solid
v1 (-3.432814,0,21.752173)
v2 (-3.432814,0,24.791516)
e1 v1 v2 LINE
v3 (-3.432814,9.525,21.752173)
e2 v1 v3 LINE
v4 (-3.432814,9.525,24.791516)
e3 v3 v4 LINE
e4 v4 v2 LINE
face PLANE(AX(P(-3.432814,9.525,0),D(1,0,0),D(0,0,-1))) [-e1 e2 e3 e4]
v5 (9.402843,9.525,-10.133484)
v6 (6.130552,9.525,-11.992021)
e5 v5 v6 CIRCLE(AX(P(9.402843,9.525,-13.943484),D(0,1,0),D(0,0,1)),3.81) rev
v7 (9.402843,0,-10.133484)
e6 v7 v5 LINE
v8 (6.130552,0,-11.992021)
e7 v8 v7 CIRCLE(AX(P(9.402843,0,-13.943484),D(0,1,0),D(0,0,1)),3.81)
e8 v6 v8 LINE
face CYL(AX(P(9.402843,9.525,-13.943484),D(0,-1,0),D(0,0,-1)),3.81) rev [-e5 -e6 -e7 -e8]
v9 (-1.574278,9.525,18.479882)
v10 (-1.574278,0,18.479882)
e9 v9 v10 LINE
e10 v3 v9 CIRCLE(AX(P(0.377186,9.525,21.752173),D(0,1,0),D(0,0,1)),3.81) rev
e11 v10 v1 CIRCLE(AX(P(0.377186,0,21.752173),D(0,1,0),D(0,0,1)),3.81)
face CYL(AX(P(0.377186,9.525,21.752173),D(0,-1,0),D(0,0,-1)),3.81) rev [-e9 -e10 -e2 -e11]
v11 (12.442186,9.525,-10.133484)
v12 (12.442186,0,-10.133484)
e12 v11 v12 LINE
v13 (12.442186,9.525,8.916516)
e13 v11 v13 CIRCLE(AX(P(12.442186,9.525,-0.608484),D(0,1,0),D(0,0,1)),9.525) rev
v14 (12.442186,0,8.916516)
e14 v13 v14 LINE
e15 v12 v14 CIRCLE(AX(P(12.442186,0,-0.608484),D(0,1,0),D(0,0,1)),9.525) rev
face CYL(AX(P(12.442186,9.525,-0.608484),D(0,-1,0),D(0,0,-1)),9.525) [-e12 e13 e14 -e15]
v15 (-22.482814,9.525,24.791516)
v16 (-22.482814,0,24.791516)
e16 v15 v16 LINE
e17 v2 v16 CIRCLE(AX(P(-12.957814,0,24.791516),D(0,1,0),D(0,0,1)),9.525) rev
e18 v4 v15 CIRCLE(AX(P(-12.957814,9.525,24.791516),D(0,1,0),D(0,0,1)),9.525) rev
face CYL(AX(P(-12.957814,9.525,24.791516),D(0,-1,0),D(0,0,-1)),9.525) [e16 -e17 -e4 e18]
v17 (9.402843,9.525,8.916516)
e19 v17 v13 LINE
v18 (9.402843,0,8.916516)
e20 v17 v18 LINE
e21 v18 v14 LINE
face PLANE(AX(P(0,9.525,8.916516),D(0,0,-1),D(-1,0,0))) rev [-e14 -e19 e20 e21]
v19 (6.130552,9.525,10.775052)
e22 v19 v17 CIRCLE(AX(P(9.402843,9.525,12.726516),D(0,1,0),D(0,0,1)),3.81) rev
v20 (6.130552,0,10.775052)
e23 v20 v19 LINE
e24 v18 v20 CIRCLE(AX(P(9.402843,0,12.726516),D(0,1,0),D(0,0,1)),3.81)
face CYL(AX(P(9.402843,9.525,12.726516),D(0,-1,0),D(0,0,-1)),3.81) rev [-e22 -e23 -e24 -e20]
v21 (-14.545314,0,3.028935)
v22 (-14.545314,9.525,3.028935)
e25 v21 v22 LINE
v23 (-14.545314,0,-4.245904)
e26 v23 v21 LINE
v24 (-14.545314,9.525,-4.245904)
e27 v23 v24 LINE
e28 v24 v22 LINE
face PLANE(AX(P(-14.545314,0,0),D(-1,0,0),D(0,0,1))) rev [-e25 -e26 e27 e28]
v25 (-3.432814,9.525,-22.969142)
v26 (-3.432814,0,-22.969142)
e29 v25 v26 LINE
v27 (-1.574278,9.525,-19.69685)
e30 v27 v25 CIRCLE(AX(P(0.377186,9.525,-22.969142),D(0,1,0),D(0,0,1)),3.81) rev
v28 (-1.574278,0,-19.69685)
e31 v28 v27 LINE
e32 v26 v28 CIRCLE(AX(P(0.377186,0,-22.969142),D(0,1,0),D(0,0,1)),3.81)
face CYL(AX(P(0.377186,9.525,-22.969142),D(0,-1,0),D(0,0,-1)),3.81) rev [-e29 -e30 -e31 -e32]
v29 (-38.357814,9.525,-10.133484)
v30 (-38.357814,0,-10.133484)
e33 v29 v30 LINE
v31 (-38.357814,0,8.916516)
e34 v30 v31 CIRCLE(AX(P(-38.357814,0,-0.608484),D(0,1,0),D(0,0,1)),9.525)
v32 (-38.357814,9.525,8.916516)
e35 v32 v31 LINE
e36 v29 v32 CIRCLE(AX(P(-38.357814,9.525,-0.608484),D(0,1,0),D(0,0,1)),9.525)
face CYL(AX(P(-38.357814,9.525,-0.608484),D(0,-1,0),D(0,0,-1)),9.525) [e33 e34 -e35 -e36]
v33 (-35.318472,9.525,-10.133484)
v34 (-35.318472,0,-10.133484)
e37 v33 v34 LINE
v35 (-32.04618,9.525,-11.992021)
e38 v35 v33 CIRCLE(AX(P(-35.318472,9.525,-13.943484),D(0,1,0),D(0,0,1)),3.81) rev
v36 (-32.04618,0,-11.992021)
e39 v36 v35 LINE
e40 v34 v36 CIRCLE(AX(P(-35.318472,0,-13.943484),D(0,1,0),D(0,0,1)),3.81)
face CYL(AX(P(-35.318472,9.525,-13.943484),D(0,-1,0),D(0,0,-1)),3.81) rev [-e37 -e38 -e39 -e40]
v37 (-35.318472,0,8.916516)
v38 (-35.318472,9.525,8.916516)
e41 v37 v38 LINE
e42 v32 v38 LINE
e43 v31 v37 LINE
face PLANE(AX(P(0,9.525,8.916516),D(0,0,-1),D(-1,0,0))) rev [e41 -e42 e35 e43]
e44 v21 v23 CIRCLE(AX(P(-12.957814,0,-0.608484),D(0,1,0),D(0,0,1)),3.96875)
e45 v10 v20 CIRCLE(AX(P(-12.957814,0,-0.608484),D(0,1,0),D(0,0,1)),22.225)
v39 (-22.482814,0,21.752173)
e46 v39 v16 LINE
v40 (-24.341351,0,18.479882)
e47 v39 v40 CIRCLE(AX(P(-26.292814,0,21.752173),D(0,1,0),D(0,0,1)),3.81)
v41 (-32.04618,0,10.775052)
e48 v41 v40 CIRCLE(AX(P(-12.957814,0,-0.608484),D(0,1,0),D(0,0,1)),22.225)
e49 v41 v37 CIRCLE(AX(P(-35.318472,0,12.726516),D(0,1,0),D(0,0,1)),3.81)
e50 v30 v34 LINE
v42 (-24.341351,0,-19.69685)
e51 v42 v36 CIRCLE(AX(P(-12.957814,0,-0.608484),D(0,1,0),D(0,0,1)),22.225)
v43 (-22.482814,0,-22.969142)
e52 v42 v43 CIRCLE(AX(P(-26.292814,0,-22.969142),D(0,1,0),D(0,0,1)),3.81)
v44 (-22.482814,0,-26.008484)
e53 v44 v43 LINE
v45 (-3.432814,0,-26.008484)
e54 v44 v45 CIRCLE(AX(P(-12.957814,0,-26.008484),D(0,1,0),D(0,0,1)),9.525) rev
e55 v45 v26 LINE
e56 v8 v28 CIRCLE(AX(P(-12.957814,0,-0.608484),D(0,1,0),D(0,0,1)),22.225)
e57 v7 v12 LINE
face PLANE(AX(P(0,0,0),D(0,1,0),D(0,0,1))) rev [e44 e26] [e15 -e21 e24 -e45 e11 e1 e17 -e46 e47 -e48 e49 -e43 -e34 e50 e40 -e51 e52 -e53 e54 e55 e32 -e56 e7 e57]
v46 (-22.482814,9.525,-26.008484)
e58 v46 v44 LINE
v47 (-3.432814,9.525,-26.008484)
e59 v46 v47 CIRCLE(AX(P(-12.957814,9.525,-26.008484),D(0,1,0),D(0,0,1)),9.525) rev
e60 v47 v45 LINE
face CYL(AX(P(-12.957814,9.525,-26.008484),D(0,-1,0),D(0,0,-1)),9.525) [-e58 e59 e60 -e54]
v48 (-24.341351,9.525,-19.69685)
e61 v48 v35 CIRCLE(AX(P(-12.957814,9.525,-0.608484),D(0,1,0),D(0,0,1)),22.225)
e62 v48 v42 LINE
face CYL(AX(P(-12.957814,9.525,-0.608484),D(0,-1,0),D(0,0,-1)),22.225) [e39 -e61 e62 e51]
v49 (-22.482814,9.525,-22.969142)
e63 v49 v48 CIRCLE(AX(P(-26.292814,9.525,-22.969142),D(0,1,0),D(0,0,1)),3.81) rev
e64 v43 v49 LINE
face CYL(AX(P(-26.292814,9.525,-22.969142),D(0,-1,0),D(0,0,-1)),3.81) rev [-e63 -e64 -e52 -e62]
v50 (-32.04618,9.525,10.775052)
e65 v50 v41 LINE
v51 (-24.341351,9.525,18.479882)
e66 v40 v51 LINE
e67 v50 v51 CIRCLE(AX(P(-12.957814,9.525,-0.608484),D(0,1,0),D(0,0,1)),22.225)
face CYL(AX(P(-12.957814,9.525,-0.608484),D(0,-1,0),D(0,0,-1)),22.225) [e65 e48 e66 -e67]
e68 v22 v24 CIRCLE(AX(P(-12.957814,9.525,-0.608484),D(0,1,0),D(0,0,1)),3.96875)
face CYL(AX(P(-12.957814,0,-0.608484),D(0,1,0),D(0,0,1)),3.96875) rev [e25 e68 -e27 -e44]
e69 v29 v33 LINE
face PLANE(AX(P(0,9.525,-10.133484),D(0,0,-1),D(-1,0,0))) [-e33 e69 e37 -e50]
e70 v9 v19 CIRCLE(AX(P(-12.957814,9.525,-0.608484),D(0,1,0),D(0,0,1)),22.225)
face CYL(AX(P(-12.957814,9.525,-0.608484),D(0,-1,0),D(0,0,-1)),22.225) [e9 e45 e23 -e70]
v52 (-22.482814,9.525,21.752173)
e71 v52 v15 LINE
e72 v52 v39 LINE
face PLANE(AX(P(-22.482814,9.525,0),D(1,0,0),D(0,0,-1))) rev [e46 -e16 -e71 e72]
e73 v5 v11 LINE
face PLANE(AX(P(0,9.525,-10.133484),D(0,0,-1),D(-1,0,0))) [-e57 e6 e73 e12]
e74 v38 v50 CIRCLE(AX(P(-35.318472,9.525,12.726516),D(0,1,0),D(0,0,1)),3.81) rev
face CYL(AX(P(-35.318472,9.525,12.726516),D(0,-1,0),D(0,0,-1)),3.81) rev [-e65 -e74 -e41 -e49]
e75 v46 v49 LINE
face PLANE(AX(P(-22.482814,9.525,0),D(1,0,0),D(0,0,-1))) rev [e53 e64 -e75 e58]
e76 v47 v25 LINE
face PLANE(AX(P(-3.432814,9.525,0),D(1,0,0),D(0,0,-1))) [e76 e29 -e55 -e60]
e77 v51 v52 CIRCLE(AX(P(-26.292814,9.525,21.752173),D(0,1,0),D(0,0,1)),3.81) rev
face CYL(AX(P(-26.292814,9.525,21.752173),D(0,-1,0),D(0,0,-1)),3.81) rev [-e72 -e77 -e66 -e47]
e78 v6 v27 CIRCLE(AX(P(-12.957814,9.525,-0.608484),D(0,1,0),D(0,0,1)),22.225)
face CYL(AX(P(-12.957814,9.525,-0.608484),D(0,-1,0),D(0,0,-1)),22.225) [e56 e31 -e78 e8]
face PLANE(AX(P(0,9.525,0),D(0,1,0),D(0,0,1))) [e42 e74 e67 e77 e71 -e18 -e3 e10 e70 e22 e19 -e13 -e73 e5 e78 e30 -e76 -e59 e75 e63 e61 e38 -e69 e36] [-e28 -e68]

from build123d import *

# Parameters (mm, degrees)
SKETCH1_W           = 19.05
SKETCH1_H           = 19.05
BOSS_EXTRUDE1_DEPTH = 9.525
FILLET1_R           = 3.81
CUT_EXTRUDE1_DEPTH  = 61.38309394


with BuildPart() as part:
    # Sketch1 → Boss-Extrude1 (new body)
    with BuildSketch(Plane(origin=(0, 0, 0), x_dir=(1, 0, 0), z_dir=(0, 1, 0))):
        with BuildLine():
            Line((-3.432814358, 26.008484179), (-22.482814358, 26.008484179))
            Line((-22.482814358, 26.008484179), (-22.482814358, 20.688947321))
            ThreePointArc((-22.482814358, 20.688947321), (-12.957814358, 22.833484179), (-3.432814358, 20.688947321))
            Line((-3.432814358, 20.688947321), (-3.432814358, 26.008484179))
        make_face()
        with BuildLine():
            ThreePointArc((-3.432814358, 20.688947321), (-12.957814358, 22.833484179), (-22.482814358, 20.688947321))
            Line((-22.482814358, 20.688947321), (-22.482814358, 10.133484179))
            Line((-22.482814358, 10.133484179), (-3.432814358, 10.133484179))
            Line((-3.432814358, 10.133484179), (-3.432814358, 20.688947321))
        make_face()
        with BuildLine():
            ThreePointArc((-22.482814358, 26.008484179), (-12.957814358, 35.533484179), (-3.432814358, 26.008484179))
            Line((-3.432814358, 26.008484179), (-22.482814358, 26.008484179))
        make_face()
        with Locations((-12.957814358, 0.608484179)):
            Rectangle(SKETCH1_W, SKETCH1_H)
        with BuildLine():
            Line((-22.482814358, -8.916515821), (-22.482814358, 10.133484179))
            Line((-22.482814358, 10.133484179), (-33.0382775, 10.133484179))
            ThreePointArc((-33.0382775, 10.133484179), (-35.182814358, 0.608484179), (-33.0382775, -8.916515821))
            Line((-33.0382775, -8.916515821), (-22.482814358, -8.916515821))
        make_face()
        with BuildLine():
            ThreePointArc((-33.0382775, -8.916515821), (-35.182814358, 0.608484179), (-33.0382775, 10.133484179))
            Line((-33.0382775, 10.133484179), (-38.357814358, 10.133484179))
            Line((-38.357814358, 10.133484179), (-38.357814358, -8.916515821))
            Line((-38.357814358, -8.916515821), (-33.0382775, -8.916515821))
        make_face()
        with BuildLine():
            Line((-38.357814358, 10.133484179), (-38.357814358, -8.916515821))
            ThreePointArc((-38.357814358, -8.916515821), (-47.882814358, 0.608484179), (-38.357814358, 10.133484179))
        make_face()
        with BuildLine():
            Line((-22.482814358, -19.471978963), (-22.482814358, -8.916515821))
            Line((-22.482814358, -8.916515821), (-33.0382775, -8.916515821))
            ThreePointArc((-33.0382775, -8.916515821), (-28.67326257, -15.106964033), (-22.482814358, -19.471978963))
        make_face()
        with BuildLine():
            Line((-3.432814358, -8.916515821), (-22.482814358, -8.916515821))
            Line((-22.482814358, -8.916515821), (-22.482814358, -19.471978963))
            ThreePointArc((-22.482814358, -19.471978963), (-12.957814358, -21.616515821), (-3.432814358, -19.471978963))
            Line((-3.432814358, -19.471978963), (-3.432814358, -8.916515821))
        make_face()
        with BuildLine():
            ThreePointArc((-3.432814358, -19.471978963), (-12.957814358, -21.616515821), (-22.482814358, -19.471978963))
            Line((-22.482814358, -19.471978963), (-22.482814358, -24.791515821))
            Line((-22.482814358, -24.791515821), (-3.432814358, -24.791515821))
            Line((-3.432814358, -24.791515821), (-3.432814358, -19.471978963))
        make_face()
        with BuildLine():
            ThreePointArc((-3.432814358, -24.791515821), (-12.957814358, -34.316515821), (-22.482814358, -24.791515821))
            Line((-22.482814358, -24.791515821), (-3.432814358, -24.791515821))
        make_face()
        with BuildLine():
            ThreePointArc((7.122648784, 10.133484179), (2.757633854, 16.323932391), (-3.432814358, 20.688947321))
            Line((-3.432814358, 20.688947321), (-3.432814358, 10.133484179))
            Line((-3.432814358, 10.133484179), (7.122648784, 10.133484179))
        make_face()
        with BuildLine():
            Line((7.122648784, 10.133484179), (-3.432814358, 10.133484179))
            Line((-3.432814358, 10.133484179), (-3.432814358, -8.916515821))
            Line((-3.432814358, -8.916515821), (7.122648784, -8.916515821))
            ThreePointArc((7.122648784, -8.916515821), (8.724423976, -4.273233329), (9.267185642, 0.608484179))
            ThreePointArc((9.267185642, 0.608484179), (8.724423976, 5.490201688), (7.122648784, 10.133484179))
        make_face()
        with BuildLine():
            Line((7.122648784, -8.916515821), (-3.432814358, -8.916515821))
            Line((-3.432814358, -8.916515821), (-3.432814358, -19.471978963))
            ThreePointArc((-3.432814358, -19.471978963), (2.757633854, -15.106964033), (7.122648784, -8.916515821))
        make_face()
        with BuildLine():
            Line((12.442185642, 10.133484179), (7.122648784, 10.133484179))
            ThreePointArc((7.122648784, 10.133484179), (8.724423976, 5.490201688), (9.267185642, 0.608484179))
            ThreePointArc((9.267185642, 0.608484179), (8.724423976, -4.273233329), (7.122648784, -8.916515821))
            Line((7.122648784, -8.916515821), (12.442185642, -8.916515821))
            Line((12.442185642, -8.916515821), (12.442185642, 10.133484179))
        make_face()
        with BuildLine():
            ThreePointArc((12.442185642, 10.133484179), (21.967185642, 0.608484179), (12.442185642, -8.916515821))
            Line((12.442185642, -8.916515821), (12.442185642, 10.133484179))
        make_face()
        with BuildLine():
            Line((-22.482814358, 10.133484179), (-22.482814358, 20.688947321))
            ThreePointArc((-22.482814358, 20.688947321), (-28.67326257, 16.323932391), (-33.0382775, 10.133484179))
            Line((-33.0382775, 10.133484179), (-22.482814358, 10.133484179))
        make_face()
    extrude(amount=BOSS_EXTRUDE1_DEPTH)

    # Fillet1
    fillet1_edges = [part.edges().sort_by_distance(p)[0] for p in [
        (-22.482814358, 4.7625, -20.688947321),
        (-3.432814358, 4.7625, -20.688947321),
        (7.122648784, 4.7625, -10.133484179),
        (7.122648784, 4.7625, 8.916515821),
        (-3.432814358, 4.7625, 19.471978963),
        (-22.482814358, 4.7625, 19.471978963),
        (-33.0382775, 4.7625, 8.916515821),
        (-33.0382775, 4.7625, -10.133484179),
    ]]
    fillet(fillet1_edges, radius=FILLET1_R)

    # Sketch2 → Cut-Extrude1 (cut, through all)
    with BuildSketch(Plane(origin=(0, 9.525, 0), x_dir=(1, 0, 0), z_dir=(0, 1, 0))):
        with BuildLine():
            ThreePointArc((-8.989064358, 0.608484179), (-10.784040458, 3.92897866), (-14.545314358, 4.245903637))
            Line((-14.545314358, 4.245903637), (-14.545314358, 0.608484179))
            Line((-14.545314358, 0.608484179), (-8.989064358, 0.608484179))
        make_face()
        with BuildLine():
            Line((-8.989064358, 0.608484179), (-14.545314358, 0.608484179))
            Line((-14.545314358, 0.608484179), (-14.545314358, -3.028935279))
            ThreePointArc((-14.545314358, -3.028935279), (-10.784040458, -2.712010301), (-8.989064358, 0.608484179))
        make_face()
    extrude(amount=-CUT_EXTRUDE1_DEPTH, mode=Mode.SUBTRACT)


solid = part.part
